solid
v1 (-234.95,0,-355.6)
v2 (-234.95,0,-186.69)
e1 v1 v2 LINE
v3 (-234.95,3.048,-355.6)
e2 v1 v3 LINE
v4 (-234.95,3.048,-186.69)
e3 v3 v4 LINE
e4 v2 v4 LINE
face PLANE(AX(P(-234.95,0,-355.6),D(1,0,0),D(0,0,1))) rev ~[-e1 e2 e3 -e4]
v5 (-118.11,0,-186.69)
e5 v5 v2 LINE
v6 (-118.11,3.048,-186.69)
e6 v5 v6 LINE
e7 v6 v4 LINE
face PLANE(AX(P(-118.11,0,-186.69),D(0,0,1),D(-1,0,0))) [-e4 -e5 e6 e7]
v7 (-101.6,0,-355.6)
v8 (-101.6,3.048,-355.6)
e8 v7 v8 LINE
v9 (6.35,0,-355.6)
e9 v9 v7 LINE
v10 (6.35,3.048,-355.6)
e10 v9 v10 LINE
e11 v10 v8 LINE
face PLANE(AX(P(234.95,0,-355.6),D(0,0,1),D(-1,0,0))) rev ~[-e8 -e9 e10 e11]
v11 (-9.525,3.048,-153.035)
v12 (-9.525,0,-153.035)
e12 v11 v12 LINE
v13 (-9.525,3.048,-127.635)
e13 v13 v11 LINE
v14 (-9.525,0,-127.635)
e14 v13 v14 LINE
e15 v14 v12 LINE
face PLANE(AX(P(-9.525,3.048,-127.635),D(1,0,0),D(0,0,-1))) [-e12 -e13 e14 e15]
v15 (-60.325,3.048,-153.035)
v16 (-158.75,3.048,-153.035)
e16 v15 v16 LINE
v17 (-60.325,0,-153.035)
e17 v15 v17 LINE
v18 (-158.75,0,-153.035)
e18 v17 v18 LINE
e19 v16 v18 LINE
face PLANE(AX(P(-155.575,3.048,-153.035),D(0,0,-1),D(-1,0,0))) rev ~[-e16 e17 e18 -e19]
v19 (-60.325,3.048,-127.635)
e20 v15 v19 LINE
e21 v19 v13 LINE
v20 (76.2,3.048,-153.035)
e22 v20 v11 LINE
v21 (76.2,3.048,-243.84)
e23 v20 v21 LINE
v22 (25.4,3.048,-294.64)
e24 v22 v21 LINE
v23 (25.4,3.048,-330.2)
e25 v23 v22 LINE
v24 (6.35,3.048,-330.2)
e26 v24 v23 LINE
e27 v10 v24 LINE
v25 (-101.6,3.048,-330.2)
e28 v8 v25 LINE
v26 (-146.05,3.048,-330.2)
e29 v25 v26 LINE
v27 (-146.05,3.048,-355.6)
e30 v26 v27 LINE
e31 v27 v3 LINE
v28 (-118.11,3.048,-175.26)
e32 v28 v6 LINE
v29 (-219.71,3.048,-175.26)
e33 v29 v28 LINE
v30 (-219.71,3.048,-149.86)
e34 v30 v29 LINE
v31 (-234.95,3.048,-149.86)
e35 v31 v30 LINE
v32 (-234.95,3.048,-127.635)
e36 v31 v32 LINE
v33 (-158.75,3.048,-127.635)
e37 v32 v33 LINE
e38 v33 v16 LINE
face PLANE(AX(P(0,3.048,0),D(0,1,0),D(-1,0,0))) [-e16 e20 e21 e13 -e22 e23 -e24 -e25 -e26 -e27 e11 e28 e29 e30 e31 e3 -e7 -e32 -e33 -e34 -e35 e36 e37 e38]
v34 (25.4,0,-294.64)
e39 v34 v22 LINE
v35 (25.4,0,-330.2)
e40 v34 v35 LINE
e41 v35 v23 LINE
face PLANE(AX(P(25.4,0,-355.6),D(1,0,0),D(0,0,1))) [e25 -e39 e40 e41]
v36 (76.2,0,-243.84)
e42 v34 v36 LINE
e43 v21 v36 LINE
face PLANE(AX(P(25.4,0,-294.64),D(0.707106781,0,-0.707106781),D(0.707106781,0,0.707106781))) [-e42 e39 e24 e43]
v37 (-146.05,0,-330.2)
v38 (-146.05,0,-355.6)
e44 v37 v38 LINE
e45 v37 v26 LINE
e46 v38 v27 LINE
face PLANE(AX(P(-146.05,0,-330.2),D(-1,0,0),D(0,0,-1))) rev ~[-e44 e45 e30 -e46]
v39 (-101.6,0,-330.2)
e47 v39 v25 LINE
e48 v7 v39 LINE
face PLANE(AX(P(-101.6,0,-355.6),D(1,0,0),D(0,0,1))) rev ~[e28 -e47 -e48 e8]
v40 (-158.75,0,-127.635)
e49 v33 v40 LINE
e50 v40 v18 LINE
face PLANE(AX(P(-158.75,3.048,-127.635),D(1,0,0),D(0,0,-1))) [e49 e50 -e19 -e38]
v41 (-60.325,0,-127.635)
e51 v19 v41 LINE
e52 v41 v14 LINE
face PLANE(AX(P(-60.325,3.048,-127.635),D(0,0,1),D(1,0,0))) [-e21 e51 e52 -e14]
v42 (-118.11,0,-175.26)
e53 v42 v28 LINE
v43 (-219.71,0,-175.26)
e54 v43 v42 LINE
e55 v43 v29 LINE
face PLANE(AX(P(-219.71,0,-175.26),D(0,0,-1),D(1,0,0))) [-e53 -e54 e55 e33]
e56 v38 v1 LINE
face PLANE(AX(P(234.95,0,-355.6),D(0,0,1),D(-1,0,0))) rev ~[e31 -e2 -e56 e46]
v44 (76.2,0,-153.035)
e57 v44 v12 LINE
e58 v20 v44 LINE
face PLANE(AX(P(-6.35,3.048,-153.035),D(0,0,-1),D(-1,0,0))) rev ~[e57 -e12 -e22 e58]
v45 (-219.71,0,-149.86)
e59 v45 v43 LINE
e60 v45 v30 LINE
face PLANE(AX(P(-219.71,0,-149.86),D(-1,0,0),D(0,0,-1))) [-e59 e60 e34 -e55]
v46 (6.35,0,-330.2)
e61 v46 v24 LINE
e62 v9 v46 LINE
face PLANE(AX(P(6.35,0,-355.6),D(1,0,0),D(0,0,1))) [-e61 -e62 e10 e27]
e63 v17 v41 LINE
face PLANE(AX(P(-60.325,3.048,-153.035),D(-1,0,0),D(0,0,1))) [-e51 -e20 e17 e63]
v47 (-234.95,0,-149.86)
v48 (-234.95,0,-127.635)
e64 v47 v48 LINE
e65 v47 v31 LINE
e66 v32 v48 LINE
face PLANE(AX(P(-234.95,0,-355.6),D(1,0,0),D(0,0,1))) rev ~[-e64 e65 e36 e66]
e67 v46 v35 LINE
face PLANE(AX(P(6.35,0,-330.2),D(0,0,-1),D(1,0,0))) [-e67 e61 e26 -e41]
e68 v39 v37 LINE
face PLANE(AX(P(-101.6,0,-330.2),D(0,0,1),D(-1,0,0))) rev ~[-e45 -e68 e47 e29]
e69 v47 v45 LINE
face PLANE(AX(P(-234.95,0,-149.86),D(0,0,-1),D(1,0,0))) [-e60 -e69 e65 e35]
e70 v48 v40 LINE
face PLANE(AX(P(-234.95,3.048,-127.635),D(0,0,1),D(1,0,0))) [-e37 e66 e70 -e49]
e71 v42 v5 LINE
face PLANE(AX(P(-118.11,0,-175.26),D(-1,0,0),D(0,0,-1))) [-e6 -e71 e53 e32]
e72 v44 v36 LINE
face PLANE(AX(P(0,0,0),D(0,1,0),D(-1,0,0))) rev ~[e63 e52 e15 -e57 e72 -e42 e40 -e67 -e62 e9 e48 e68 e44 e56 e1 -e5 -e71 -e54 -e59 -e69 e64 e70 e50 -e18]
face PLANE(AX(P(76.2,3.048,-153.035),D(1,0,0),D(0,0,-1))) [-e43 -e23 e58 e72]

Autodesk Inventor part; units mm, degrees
ref_plane "YZ Plane" through (0, 0, 0) normal (1, 0, 0) x (0, 1, 0)
ref_plane "XZ Plane" through (0, 0, 0) normal (0, 1, 0) x (-1, 0, 0)
ref_plane "XY Plane" through (0, 0, 0) normal (0, 0, 1) x (1, 0, 0)
sketch "Sketch1" plane through (0, 0, 0) normal (0, 1, 0) x (-1, 0, 0)
  line L0 (234.95, 355.6) -> (-234.95, 355.6)
  line L1 (-234.95, 355.6) -> (-234.95, -355.6)
  line L2 (-234.95, -355.6) -> (234.95, -355.6)
  line L3 (234.95, -355.6) -> (234.95, 355.6)
  line L4 (234.95, 355.6) -> (-234.95, -355.6) construction
  line L5 (-234.95, 355.6) -> (234.95, -355.6) construction
  point P0 (0, 0)
  dimension "d0" = 469.9
  dimension "d1" = 711.2
extrude "Plate1" add sketch "Sketch1" along normal blind 3.048
sketch "Sketch3" plane through (0, 3.048, 0) normal (0, 1, 0) x (1, 0, 0)
  line L0 (234.95, -355.6) -> (-234.95, -355.6) projected
  point P0 (0, 0)
sketch "Sketch4" plane through (0, 0, 0) normal (0, -1, 0) x (1, 0, 0)
  line L0 (-234.95, 355.6) -> (234.95, 355.6) projected
  line L1 (-234.95, -355.6) -> (-234.95, 355.6) projected
  line L2 (234.95, -355.6) -> (-234.95, -355.6) projected
  line L3 (234.95, 355.6) -> (234.95, -355.6) projected
  line L4 (-234.95, 355.6) -> (234.95, 355.6) projected
  line L5 (25.4, 355.6) -> (25.4, 294.64)
  line L6 (165.1, 101.6) -> (234.95, 101.6)
  line L7 (234.95, 355.6) -> (234.95, -355.6) projected
  line L8 (25.4, 294.64) -> (165.1, 154.94)
  line L9 (25.4, 294.64) -> (222.9656, 294.64) construction
  line L10 (165.1, 154.94) -> (165.1, 101.6)
  line L11 (234.95, 0) -> (-234.95, 0)
  line L12 (-234.95, -355.6) -> (-234.95, 355.6) projected
  line L13 (25.4, -355.6) -> (25.4, -294.64)
  line L14 (165.1, -127) -> (234.95, -127)
  line L15 (25.4, -294.64) -> (165.1, -154.94)
  line L16 (25.4, -294.64) -> (222.9656, -294.64) construction
  line L17 (165.1, -154.94) -> (165.1, -127)
  line L18 (-234.95, 184.15) -> (-120.65, 184.15)
  line L19 (-120.65, 184.15) -> (-120.65, 177.8)
  line L20 (-120.65, 177.8) -> (-222.25, 177.8)
  line L21 (-222.25, 177.8) -> (-222.25, 152.4)
  line L22 (-222.25, 152.4) -> (-234.95, 152.4)
  line L23 (-234.95, 149.86) -> (-219.71, 149.86)
  line L24 (-219.71, 149.86) -> (-219.71, 175.26)
  line L25 (-219.71, 175.26) -> (-118.11, 175.26)
  line L26 (-118.11, 175.26) -> (-118.11, 186.69)
  line L27 (-118.11, 186.69) -> (-234.95, 186.69)
  line L28 (165.1, -129.54) -> (20.32, -129.54)
  line L29 (20.32, -129.54) -> (20.32, 88.9)
  line L30 (20.32, 88.9) -> (165.1, 88.9)
  line L31 (165.1, 101.6) -> (165.1, 88.9)
  line L32 (-234.95, -184.15) -> (-120.65, -184.15)
  line L33 (-120.65, -184.15) -> (-120.65, -177.8)
  line L34 (-120.65, -177.8) -> (-222.25, -177.8)
  line L35 (-222.25, -177.8) -> (-222.25, -152.4)
  line L36 (-222.25, -152.4) -> (-234.95, -152.4)
  line L37 (-234.95, -149.86) -> (-219.71, -149.86)
  line L38 (-219.71, -149.86) -> (-219.71, -175.26)
  line L39 (-219.71, -175.26) -> (-118.11, -175.26)
  line L40 (-118.11, -175.26) -> (-118.11, -186.69)
  line L41 (-118.11, -186.69) -> (-234.95, -186.69)
  line L42 (-158.75, 35.56) -> (-158.75, -43.18)
  line L43 (-158.75, -43.18) -> (-234.95, -43.18)
  line L44 (-158.75, 35.56) -> (-234.95, 35.56)
  line L45 (25.4, 330.2) -> (6.35, 330.2)
  line L46 (6.35, 330.2) -> (6.35, 355.6)
  line L47 (25.4, -330.2) -> (6.35, -330.2)
  line L48 (6.35, -330.2) -> (6.35, -355.6)
  line L49 (234.95, -355.6) -> (-234.95, -355.6) projected
  point P0 (0, 0)
  dimension "d3" = 209.55
  dimension "d4" = 254
  dimension "d5" = 45
  dimension "d6" = 60.96
  dimension "d9" = 69.85
  dimension "d12" = 45
  dimension "d13" = 209.55
  dimension "d14" = 228.6
  dimension "d15" = 69.85
  dimension "d16" = 60.96
  dimension "d17" = 171.45
  dimension "d18" = 114.3
  dimension "d19" = 6.35
  dimension "d21" = 101.6
  dimension "d22" = 25.4
  dimension "d23" = 2.54
  dimension "d26" = 144.78
  dimension "d31" = 12.7
  dimension "d32" = 114.3
  dimension "d33" = 171.45
  dimension "d34" = 6.35
  dimension "d35" = 101.6
  dimension "d36" = 25.4
  dimension "d37" = 2.54
  dimension "d38" = 76.2
  dimension "d39" = 35.56
  dimension "d40" = 43.18
  dimension "d41" = 2.54
  dimension "d42" = 25.4
  dimension "d43" = 19.05
  dimension "d44" = 25.4
  dimension "d45" = 19.05
extrude "Cut1" cut sketch "Sketch4" against normal blind 3.048 contours L27 L26 L25 L24 L23 L1 L22 L21 L20 L19 L18 | L0 L3 L6 L10 L8 L5 | L18 L19 L20 L21 L22 L1 | L3 L11 L29 L30 L31 L6 | L3 L14 L17 L28 L29 L11 | L44 L42 L11 L1 | L3 L2 L13 L15 L17 L14 | L11 L42 L43 L1 | L37 L38 L39 L40 L41 L1 L32 L33 L34 L35 L36 | L36 L35 L34 L33 L32 L1
sketch "Sketch5" plane through (0, 0, 0) normal (0, -1, 0) x (1, 0, 0)
  line L0 (25.4, 355.6) -> (25.4, 294.64) projected
  line L1 (25.4, 294.64) -> (165.1, 154.94) projected
  line L2 (165.1, 154.94) -> (165.1, 88.9) projected
  line L3 (165.1, 88.9) -> (20.32, 88.9) projected
  line L4 (20.32, 88.9) -> (20.32, -129.54) projected
  line L5 (20.32, -129.54) -> (165.1, -129.54) projected
  line L6 (165.1, -129.54) -> (165.1, -154.94) projected
  line L7 (165.1, -154.94) -> (25.4, -294.64) projected
  line L8 (25.4, -294.64) -> (25.4, -355.6) projected
  line L9 (25.4, -355.6) -> (-234.95, -355.6) projected
  line L10 (-234.95, -355.6) -> (-234.95, -186.69) projected
  line L11 (-234.95, -186.69) -> (-118.11, -186.69) projected
  line L12 (-118.11, -186.69) -> (-118.11, -175.26) projected
  line L13 (-118.11, -175.26) -> (-219.71, -175.26) projected
  line L14 (-219.71, -175.26) -> (-219.71, -149.86) projected
  line L15 (-219.71, -149.86) -> (-234.95, -149.86) projected
  line L16 (-234.95, -149.86) -> (-234.95, -43.18) projected
  line L17 (-234.95, -43.18) -> (-158.75, -43.18) projected
  line L18 (-158.75, -43.18) -> (-158.75, 35.56) projected
  line L19 (-158.75, 35.56) -> (-234.95, 35.56) projected
  line L20 (-234.95, 35.56) -> (-234.95, 149.86) projected
  line L21 (-234.95, 149.86) -> (-219.71, 149.86) projected
  line L22 (-219.71, 149.86) -> (-219.71, 175.26) projected
  line L23 (-219.71, 175.26) -> (-118.11, 175.26) projected
  line L24 (-118.11, 175.26) -> (-118.11, 186.69) projected
  line L25 (-118.11, 186.69) -> (-234.95, 186.69) projected
  line L26 (-234.95, 186.69) -> (-234.95, 355.6) projected
  line L27 (-234.95, 355.6) -> (25.4, 355.6) projected
  line L28 (25.4, -355.6) -> (-234.95, -355.6) projected
  line L29 (25.4, -355.6) -> (6.35, -355.6)
  line L30 (6.35, -355.6) -> (6.35, -330.2)
  line L31 (6.35, -330.2) -> (25.4, -330.2)
  line L32 (25.4, -330.2) -> (25.4, -355.6)
  line L33 (-234.95, 355.6) -> (25.4, 355.6) projected
  line L34 (25.4, 355.6) -> (6.35, 355.6)
  line L35 (6.35, 355.6) -> (6.35, 330.2)
  line L36 (6.35, 330.2) -> (25.4, 330.2)
  line L37 (25.4, 330.2) -> (25.4, 355.6)
  line L38 (-146.05, -355.6) -> (-101.6, -355.6)
  line L39 (-101.6, -355.6) -> (-101.6, -330.2)
  line L40 (-101.6, -330.2) -> (-146.05, -330.2)
  line L41 (-146.05, -330.2) -> (-146.05, -355.6)
  line L42 (-146.05, 355.6) -> (-101.6, 355.6)
  line L43 (-101.6, 355.6) -> (-101.6, 330.2)
  line L44 (-101.6, 330.2) -> (-146.05, 330.2)
  line L45 (-146.05, 330.2) -> (-146.05, 355.6)
  point P0 (0, 0)
  dimension "d46" = 19.05
  dimension "d47" = 25.4
  dimension "d48" = 19.05
  dimension "d49" = 25.4
  dimension "d52" = 44.45
  dimension "d53" = 25.4
  dimension "d54" = 88.9
  dimension "d55" = 44.45
  dimension "d56" = 25.4
  dimension "d57" = 88.9
extrude "Cut2" cut sketch "Sketch5" against normal blind 3.048 contours L0 L36 L35 L27 | L43 L44 L45 L27 | L8 L9 L30 L31 | L9 L41 L40 L39
sketch "Sketch6" plane through (0, 3.048, 0) normal (0, 1, 0) x (1, 0, 0)
  line L0 (20.32, -88.9) -> (165.1, -88.9) projected
  line L1 (165.1, -88.9) -> (165.1, -154.94) projected
  line L2 (165.1, -154.94) -> (25.4, -294.64) projected
  line L3 (25.4, -294.64) -> (25.4, -330.2) projected
  line L4 (25.4, -330.2) -> (6.35, -330.2) projected
  line L5 (6.35, -330.2) -> (6.35, -355.6) projected
  line L6 (6.35, -355.6) -> (-101.6, -355.6) projected
  line L7 (-101.6, -355.6) -> (-101.6, -330.2) projected
  line L8 (-101.6, -330.2) -> (-146.05, -330.2) projected
  line L9 (-146.05, -330.2) -> (-146.05, -355.6) projected
  line L10 (-146.05, -355.6) -> (-234.95, -355.6) projected
  line L11 (-234.95, -355.6) -> (-234.95, -186.69) projected
  line L12 (-234.95, -186.69) -> (-118.11, -186.69) projected
  line L13 (-118.11, -186.69) -> (-118.11, -175.26) projected
  line L14 (-118.11, -175.26) -> (-219.71, -175.26) projected
  line L15 (-219.71, -175.26) -> (-219.71, -149.86) projected
  line L16 (-219.71, -149.86) -> (-234.95, -149.86) projected
  line L17 (-234.95, -149.86) -> (-234.95, -35.56) projected
  line L18 (-234.95, -35.56) -> (-158.75, -35.56) projected
  line L19 (-158.75, -35.56) -> (-158.75, 43.18) projected
  line L20 (-158.75, 43.18) -> (-234.95, 43.18) projected
  line L21 (-234.95, 43.18) -> (-234.95, 149.86) projected
  line L22 (-234.95, 149.86) -> (-219.71, 149.86) projected
  line L23 (-219.71, 149.86) -> (-219.71, 175.26) projected
  line L24 (-219.71, 175.26) -> (-118.11, 175.26) projected
  line L25 (-118.11, 175.26) -> (-118.11, 186.69) projected
  line L26 (-118.11, 186.69) -> (-234.95, 186.69) projected
  line L27 (-234.95, 186.69) -> (-234.95, 355.6) projected
  line L28 (-234.95, 355.6) -> (-146.05, 355.6) projected
  line L29 (-146.05, 355.6) -> (-146.05, 330.2) projected
  line L30 (-146.05, 330.2) -> (-101.6, 330.2) projected
  line L31 (-101.6, 330.2) -> (-101.6, 355.6) projected
  line L32 (-101.6, 355.6) -> (6.35, 355.6) projected
  line L33 (6.35, 355.6) -> (6.35, 330.2) projected
  line L34 (6.35, 330.2) -> (25.4, 330.2) projected
  line L35 (25.4, 330.2) -> (25.4, 294.64) projected
  line L36 (25.4, 294.64) -> (165.1, 154.94) projected
  line L37 (165.1, 154.94) -> (165.1, 129.54) projected
  line L38 (165.1, 129.54) -> (20.32, 129.54) projected
  line L39 (20.32, 129.54) -> (20.32, -88.9) projected
  line L40 (-234.95, -151.765) -> (-158.75, -151.765)
  line L41 (-158.75, -151.765) -> (-158.75, -126.365)
  line L42 (-158.75, -126.365) -> (-234.95, -126.365)
  line L43 (-234.95, -126.365) -> (-234.95, -151.765)
  line L44 (-234.95, -151.765) -> (-158.75, -126.365) construction
  line L45 (-158.75, -151.765) -> (-234.95, -126.365) construction
  line L46 (88.9, -151.765) -> (165.1, -151.765)
  line L47 (165.1, -151.765) -> (165.1, -126.365)
  line L48 (165.1, -126.365) -> (88.9, -126.365)
  line L49 (88.9, -126.365) -> (88.9, -151.765)
  line L50 (88.9, -151.765) -> (165.1, -126.365) construction
  line L51 (165.1, -151.765) -> (88.9, -126.365) construction
  line L52 (165.1, -154.94) -> (165.1, -88.9) projected
  line L53 (-234.95, -149.86) -> (-234.95, -35.56) projected
  line L54 (88.9, 127.635) -> (165.1, 127.635)
  line L55 (165.1, 127.635) -> (165.1, 153.035)
  line L56 (165.1, 153.035) -> (88.9, 153.035)
  line L57 (88.9, 153.035) -> (88.9, 127.635)
  line L58 (88.9, 127.635) -> (165.1, 153.035) construction
  line L59 (165.1, 127.635) -> (88.9, 153.035) construction
  line L60 (-60.325, 127.635) -> (-9.525, 127.635)
  line L61 (-9.525, 127.635) -> (-9.525, 153.035)
  line L62 (-9.525, 153.035) -> (-60.325, 153.035)
  line L63 (-60.325, 153.035) -> (-60.325, 127.635)
  line L64 (-60.325, 127.635) -> (-9.525, 153.035) construction
  line L65 (-9.525, 127.635) -> (-60.325, 153.035) construction
  line L66 (-60.325, -151.765) -> (-9.525, -151.765)
  line L67 (-9.525, -151.765) -> (-9.525, -126.365)
  line L68 (-9.525, -126.365) -> (-60.325, -126.365)
  line L69 (-60.325, -126.365) -> (-60.325, -151.765)
  line L70 (-60.325, -151.765) -> (-9.525, -126.365) construction
  line L71 (-9.525, -151.765) -> (-60.325, -126.365) construction
  line L72 (-196.85, -139.065) -> (127, -139.065) construction
  line L73 (-234.95, 127.635) -> (-158.75, 127.635)
  line L74 (-158.75, 127.635) -> (-158.75, 153.035)
  line L75 (-158.75, 153.035) -> (-234.95, 153.035)
  line L76 (-234.95, 153.035) -> (-234.95, 127.635)
  line L77 (-234.95, 127.635) -> (-158.75, 153.035) construction
  line L78 (-158.75, 127.635) -> (-234.95, 153.035) construction
  line L79 (-158.75, -151.765) -> (88.9, -151.765)
  line L80 (88.9, 153.035) -> (-158.75, 153.035)
  line L81 (-158.75, -126.365) -> (88.9, -126.365)
  line L82 (-158.75, 127.635) -> (88.9, 127.635)
  line L83 (165.1, 129.54) -> (20.32, 129.54) construction
  line L84 (-6.35, -151.765) -> (-6.35, -126.365)
  line L85 (85.725, -151.765) -> (85.725, -126.365)
  line L86 (-155.575, -151.765) -> (-155.575, -126.365)
  line L87 (-63.5, -151.765) -> (-63.5, -126.365)
  line L88 (-63.5, 127.635) -> (-63.5, 153.035)
  line L89 (-6.35, 127.635) -> (-6.35, 153.035)
  line L90 (85.725, 127.635) -> (85.725, 153.035)
  line L91 (-155.575, 127.635) -> (-155.575, 153.035)
  line L92 (-234.95, -35.56) -> (-234.95, -149.86) construction
  line L93 (-234.95, -127.9525) -> (165.1, -127.9525)
  line L94 (165.1, -88.9) -> (165.1, -154.94) construction
  point P0 (0, 0)
  point P1 (127, 140.335)
  point P2 (-34.925, 140.335)
  point P3 (-34.925, -139.065)
  point P4 (-34.925, -139.065)
  point P5 (-196.85, 140.335)
  point P6 (-9.525, -151.765)
  point P7 (-219.71, -151.765)
  point P8 (-60.325, -126.365)
  point P9 (-60.325, -126.365)
  point P10 (-158.75, -127.9525)
  point P11 (-60.325, -127.9525)
  point P12 (-9.525, -127.9525)
  dimension "d58" = 25.4
  dimension "d59" = 3.175
  dimension "d60" = 76.2
  dimension "d61" = 50.8
  dimension "d62" = 279.4
  dimension "d65" = 3.175
  dimension "d66" = 3.175
  dimension "d67" = 3.175
  dimension "d68" = 3.175
  dimension "d69" = 3.175
  dimension "d70" = 3.175
  dimension "d71" = 3.175
  dimension "d72" = 3.175
  dimension "d73" = 1.5875
extrude "Extrusion1" cut sketch "Sketch6" against normal through all contours L0 L1 L48 L81 L68 L42 L17 L18 L19 L20 L21 L73 L82 L60 L39 | L82 L89 L80 L90 L38 L39 | L1 L93 L49 L48 | L82 L61 L80 L89 | L1 L46 L49 L93 | L49 L93 L85 L81 | L90 L80 L57 L38 | L1 L2 L3 L4 L5 L6 L7 L8 L9 L10 L11 L12 L13 L14 L15 L40 L79 L66 L46 | L49 L79 L85 L93 | L85 L93 L84 L81 | L57 L56 L37 L38 | L82 L88 L80 L63 | L85 L79 L84 L93 | L84 L93 L67 L81 | L82 L91 L80 L88 | L84 L79 L67 L93 | L67 L93 L69 L68 | L82 L74 L80 L91 | L67 L66 L69 L93 | L69 L93 L87 L81 | L69 L79 L87 L93 | L87 L93 L86 L81 | L87 L79 L86 L93 | L86 L93 L41 L81 | L86 L79 L41 L93 | L41 L93 L17 L42 | L41 L40 L15 L16 L17 L93
sketch "Sketch7" plane through (0, 3.048, 0) normal (0, 1, 0) x (1, 0, 0)
  line L0 (-9.525, 153.035) -> (165.1, 153.035) projected
  line L1 (76.2, 153.035) -> (76.2, 243.84)
  line L2 (-118.11, 186.69) -> (-234.95, 186.69) projected
  line L3 (-234.95, 186.69) -> (-234.95, 355.6) projected
  line L4 (-234.95, 355.6) -> (-146.05, 355.6) projected
  line L5 (-146.05, 355.6) -> (-146.05, 330.2) projected
  line L6 (-146.05, 330.2) -> (-101.6, 330.2) projected
  line L7 (-101.6, 330.2) -> (-101.6, 355.6) projected
  line L8 (-101.6, 355.6) -> (6.35, 355.6) projected
  line L9 (6.35, 355.6) -> (6.35, 330.2) projected
  line L10 (6.35, 330.2) -> (25.4, 330.2) projected
  line L11 (25.4, 330.2) -> (25.4, 294.64) projected
  line L12 (25.4, 294.64) -> (165.1, 154.94) projected
  line L13 (165.1, 154.94) -> (165.1, 153.035) projected
  line L14 (165.1, 153.035) -> (-9.525, 153.035) projected
  line L15 (-9.525, 153.035) -> (-9.525, 127.635) projected
  line L16 (-9.525, 127.635) -> (-60.325, 127.635) projected
  line L17 (-60.325, 127.635) -> (-60.325, 153.035) projected
  line L18 (-60.325, 153.035) -> (-158.75, 153.035) projected
  line L19 (-158.75, 153.035) -> (-158.75, 127.635) projected
  line L20 (-158.75, 127.635) -> (-234.95, 127.635) projected
  line L21 (-234.95, 127.635) -> (-234.95, 149.86) projected
  line L22 (-234.95, 149.86) -> (-219.71, 149.86) projected
  line L23 (-219.71, 149.86) -> (-219.71, 175.26) projected
  line L24 (-219.71, 175.26) -> (-118.11, 175.26) projected
  line L25 (-118.11, 175.26) -> (-118.11, 186.69) projected
  point P0 (0, 0)
  dimension "d74" = 88.9
extrude "Extrusion2" cut sketch "Sketch7" against normal through all contours L1 L12 L13 L0
equation "\"d10\" = Thickness"
equation "\"d2\" = Thickness"
equation "\"BendRadius\" = Thickness"
equation "\"BendReliefWidth\" = Thickness"
equation "\"BendReliefDepth\" = 0.5 * Thickness"
equation "\"CornerReliefSize\" = 4 * Thickness"
equation "\"MinimumRemnant\" = 2 * Thickness"
equation "\"TransitionRadius\" = BendRadius"
equation "\"JacobiRadiusSize\" = BendRadius"
equation "\"GapSize\" = Thickness"
equation "\"Thickness\" = 3.048"
properties part number "DB1-022" material "Polycarbonate, Smoke"
